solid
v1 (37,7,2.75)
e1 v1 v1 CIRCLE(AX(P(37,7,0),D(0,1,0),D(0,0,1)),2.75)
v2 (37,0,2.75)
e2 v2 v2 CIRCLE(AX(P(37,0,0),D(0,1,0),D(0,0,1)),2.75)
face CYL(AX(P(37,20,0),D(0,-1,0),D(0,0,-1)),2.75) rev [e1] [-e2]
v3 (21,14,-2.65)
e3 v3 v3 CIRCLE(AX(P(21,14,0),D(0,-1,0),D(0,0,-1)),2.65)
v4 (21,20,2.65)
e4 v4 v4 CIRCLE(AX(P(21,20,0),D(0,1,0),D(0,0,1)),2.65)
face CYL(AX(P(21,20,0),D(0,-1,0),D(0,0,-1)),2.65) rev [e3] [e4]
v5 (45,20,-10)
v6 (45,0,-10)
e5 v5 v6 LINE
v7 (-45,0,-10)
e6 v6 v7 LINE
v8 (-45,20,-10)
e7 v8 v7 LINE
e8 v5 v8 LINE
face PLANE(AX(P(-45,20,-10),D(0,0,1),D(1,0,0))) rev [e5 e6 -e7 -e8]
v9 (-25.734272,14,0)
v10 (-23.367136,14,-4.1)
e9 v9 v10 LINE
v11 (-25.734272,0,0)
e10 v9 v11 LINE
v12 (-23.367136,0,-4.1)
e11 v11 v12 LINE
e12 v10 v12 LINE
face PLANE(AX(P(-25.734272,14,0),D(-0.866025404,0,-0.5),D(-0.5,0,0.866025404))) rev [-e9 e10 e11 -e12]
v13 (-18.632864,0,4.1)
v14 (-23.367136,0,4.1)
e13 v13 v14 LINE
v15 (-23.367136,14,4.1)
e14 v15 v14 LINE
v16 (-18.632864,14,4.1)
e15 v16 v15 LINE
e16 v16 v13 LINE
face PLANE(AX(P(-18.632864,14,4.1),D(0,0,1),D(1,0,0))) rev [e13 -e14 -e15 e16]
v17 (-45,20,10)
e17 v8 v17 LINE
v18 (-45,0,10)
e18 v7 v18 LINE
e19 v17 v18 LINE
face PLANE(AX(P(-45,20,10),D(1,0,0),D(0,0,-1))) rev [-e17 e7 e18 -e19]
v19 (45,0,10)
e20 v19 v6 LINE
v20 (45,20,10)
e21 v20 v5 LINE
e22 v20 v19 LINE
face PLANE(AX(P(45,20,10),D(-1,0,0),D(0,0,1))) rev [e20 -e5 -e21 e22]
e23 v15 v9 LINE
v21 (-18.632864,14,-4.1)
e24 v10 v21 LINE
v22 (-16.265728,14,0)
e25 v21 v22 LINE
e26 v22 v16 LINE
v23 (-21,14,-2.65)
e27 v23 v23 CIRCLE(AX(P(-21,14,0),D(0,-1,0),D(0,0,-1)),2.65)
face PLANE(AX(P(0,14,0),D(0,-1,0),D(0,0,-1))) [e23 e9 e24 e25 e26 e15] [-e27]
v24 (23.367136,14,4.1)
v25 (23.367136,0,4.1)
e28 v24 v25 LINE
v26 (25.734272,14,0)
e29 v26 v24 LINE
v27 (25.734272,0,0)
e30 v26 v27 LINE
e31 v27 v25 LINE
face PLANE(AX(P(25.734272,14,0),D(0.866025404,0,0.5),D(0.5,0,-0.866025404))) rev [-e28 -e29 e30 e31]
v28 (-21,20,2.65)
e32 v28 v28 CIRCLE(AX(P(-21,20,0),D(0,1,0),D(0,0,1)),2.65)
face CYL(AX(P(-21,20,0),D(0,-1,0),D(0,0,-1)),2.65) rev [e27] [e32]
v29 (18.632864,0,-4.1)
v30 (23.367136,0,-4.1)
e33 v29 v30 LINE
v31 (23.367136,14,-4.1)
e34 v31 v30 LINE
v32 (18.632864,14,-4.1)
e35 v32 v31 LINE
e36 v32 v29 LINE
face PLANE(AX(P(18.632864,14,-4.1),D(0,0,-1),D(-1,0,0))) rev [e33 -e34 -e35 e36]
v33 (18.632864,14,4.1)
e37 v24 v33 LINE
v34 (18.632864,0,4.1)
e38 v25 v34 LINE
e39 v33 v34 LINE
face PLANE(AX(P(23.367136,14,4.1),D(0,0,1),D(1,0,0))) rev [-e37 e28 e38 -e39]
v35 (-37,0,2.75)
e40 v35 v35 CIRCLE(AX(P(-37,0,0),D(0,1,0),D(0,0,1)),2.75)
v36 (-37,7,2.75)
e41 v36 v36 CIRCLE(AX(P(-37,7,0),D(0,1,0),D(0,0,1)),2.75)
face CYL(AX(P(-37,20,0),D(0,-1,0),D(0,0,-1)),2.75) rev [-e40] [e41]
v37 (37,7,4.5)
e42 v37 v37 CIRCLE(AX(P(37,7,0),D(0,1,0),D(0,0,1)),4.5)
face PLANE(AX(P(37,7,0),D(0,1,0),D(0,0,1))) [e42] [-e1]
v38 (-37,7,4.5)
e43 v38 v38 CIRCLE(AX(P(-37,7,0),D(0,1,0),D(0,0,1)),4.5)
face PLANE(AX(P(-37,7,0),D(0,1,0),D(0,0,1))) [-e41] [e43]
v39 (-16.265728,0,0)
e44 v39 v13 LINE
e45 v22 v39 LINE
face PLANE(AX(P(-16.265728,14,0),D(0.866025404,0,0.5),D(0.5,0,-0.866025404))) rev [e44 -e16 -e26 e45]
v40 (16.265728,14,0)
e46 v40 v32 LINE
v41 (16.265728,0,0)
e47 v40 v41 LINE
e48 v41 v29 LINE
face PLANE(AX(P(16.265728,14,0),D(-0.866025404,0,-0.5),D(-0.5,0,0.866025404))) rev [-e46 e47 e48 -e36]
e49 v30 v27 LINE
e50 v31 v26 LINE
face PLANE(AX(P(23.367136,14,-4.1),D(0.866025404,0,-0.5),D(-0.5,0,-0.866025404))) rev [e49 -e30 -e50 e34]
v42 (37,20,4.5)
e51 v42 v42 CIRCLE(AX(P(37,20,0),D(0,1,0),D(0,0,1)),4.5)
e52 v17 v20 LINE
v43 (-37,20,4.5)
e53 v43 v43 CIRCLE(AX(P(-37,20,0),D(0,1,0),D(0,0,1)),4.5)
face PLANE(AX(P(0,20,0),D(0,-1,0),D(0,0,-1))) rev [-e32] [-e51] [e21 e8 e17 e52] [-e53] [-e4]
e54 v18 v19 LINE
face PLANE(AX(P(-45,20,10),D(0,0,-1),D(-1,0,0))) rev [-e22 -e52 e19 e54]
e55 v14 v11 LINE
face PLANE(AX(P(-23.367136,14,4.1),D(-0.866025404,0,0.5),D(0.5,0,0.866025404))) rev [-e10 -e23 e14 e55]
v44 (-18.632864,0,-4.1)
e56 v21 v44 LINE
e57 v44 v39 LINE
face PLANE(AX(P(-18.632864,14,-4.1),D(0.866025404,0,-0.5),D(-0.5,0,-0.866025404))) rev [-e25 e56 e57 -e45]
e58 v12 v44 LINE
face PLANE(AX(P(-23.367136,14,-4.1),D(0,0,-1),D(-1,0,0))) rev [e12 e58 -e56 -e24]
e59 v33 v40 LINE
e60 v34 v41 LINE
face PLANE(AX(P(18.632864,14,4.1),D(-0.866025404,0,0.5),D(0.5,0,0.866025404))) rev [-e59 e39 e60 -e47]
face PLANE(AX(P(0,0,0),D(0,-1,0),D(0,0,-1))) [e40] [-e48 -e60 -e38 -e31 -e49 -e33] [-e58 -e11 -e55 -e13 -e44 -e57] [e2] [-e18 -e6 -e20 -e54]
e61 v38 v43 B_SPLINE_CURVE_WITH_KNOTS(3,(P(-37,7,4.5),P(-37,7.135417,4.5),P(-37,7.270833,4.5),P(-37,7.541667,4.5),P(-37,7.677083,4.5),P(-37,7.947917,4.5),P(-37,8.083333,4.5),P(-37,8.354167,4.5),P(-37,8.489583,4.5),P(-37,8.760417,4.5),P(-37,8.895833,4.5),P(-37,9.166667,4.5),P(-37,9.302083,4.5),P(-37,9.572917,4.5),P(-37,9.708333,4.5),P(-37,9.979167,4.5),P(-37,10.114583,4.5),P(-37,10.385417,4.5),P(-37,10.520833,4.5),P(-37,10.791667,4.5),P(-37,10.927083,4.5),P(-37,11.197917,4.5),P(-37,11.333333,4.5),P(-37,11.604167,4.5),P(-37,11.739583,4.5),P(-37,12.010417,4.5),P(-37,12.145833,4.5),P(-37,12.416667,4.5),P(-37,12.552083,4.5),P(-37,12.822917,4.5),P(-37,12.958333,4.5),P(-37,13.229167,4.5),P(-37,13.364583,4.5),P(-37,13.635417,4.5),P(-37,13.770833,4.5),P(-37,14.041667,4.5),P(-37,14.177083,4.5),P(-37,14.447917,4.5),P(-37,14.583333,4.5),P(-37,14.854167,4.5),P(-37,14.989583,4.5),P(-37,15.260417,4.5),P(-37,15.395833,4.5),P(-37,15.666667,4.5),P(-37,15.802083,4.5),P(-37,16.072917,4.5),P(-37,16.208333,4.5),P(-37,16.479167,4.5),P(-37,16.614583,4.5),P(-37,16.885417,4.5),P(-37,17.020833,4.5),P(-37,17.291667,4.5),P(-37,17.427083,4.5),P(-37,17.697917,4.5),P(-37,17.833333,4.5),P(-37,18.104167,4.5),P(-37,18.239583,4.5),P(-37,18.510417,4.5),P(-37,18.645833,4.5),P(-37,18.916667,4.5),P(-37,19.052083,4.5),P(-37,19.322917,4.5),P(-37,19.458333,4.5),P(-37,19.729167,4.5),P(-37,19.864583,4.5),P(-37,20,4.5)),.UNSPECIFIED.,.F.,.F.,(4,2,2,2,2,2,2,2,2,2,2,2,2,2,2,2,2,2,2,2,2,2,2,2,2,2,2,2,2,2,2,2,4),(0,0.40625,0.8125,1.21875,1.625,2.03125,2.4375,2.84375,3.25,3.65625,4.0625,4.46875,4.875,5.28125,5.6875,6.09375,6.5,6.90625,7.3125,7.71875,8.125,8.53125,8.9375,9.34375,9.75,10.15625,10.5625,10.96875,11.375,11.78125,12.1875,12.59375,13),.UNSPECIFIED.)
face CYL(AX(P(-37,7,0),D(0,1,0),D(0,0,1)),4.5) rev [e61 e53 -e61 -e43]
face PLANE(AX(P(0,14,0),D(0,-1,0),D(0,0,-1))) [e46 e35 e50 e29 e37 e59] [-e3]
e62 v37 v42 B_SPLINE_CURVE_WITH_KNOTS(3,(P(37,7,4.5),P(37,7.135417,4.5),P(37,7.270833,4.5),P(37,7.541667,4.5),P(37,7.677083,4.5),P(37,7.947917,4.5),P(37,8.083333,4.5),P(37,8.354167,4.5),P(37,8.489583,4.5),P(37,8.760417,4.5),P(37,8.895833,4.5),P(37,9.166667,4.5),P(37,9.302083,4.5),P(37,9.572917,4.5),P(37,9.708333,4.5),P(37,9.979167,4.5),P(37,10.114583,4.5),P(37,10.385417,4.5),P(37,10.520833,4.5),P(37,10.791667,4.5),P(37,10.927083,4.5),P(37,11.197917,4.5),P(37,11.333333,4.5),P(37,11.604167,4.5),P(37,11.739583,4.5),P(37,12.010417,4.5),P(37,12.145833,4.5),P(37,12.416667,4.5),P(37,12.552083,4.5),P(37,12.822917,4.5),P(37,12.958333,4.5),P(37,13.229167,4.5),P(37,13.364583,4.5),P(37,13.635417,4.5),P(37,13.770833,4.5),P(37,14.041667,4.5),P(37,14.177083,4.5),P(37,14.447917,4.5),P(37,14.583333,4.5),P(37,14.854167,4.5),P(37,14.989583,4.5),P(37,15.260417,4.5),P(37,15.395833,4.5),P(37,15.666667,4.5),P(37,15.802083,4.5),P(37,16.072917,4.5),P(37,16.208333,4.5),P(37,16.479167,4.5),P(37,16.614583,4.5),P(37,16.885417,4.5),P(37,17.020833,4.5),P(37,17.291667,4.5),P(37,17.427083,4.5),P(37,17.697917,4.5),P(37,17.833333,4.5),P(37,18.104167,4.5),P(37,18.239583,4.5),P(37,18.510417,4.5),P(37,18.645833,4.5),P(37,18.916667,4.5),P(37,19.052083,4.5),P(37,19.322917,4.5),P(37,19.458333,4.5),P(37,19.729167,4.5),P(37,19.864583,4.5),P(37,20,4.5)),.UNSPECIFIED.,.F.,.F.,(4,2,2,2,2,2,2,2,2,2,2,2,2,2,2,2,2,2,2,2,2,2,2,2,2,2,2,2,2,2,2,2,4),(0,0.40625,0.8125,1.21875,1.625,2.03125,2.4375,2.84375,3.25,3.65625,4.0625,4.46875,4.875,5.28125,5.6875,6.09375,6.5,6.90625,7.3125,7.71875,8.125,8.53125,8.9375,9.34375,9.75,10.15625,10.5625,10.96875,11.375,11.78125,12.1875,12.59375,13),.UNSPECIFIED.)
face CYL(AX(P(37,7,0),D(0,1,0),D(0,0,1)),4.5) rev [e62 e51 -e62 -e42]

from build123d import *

# Parameters (mm, degrees)
SKETCH1_W           = 90
SKETCH1_H           = 20
SKETCH1_R           = 2.65
SKETCH1_R_2         = 2.75
BOSS_EXTRUDE1_DEPTH = 20
CUT_EXTRUDE1_DEPTH  = 14
SKETCH3_R           = 4.5
CUT_EXTRUDE2_DEPTH  = 13


with BuildPart() as part:
    # Sketch1 → Boss-Extrude1 (new body)
    with BuildSketch(Plane(origin=(0, 0, 0), x_dir=(1, 0, 0), z_dir=(0, 1, 0))):
        Rectangle(SKETCH1_W, SKETCH1_H)
        with Locations(Location((-21, 0, 0), (0, 0, 270))):
            Circle(SKETCH1_R, mode=Mode.SUBTRACT)
        with Locations(Location((21, 0, 0), (0, 0, 270))):
            Circle(SKETCH1_R, mode=Mode.SUBTRACT)
        with Locations(Location((-37, 0, 0), (0, 0, 270))):
            Circle(SKETCH1_R_2, mode=Mode.SUBTRACT)
        with Locations(Location((37, 0, 0), (0, 0, 270))):
            Circle(SKETCH1_R_2, mode=Mode.SUBTRACT)
    extrude(amount=BOSS_EXTRUDE1_DEPTH)

    # Sketch2 → Cut-Extrude1 (cut)
    with BuildSketch(Plane.XZ):
        Polygon((-16.265727793, 0), (-18.632863896, 4.1), (-23.367136104, 4.1), (-25.734272207, 0), (-23.367136104, -4.1), (-18.632863896, -4.1), align=None)
        Polygon((25.734272207, 0), (23.367136104, 4.1), (18.632863896, 4.1), (16.265727793, 0), (18.632863896, -4.1), (23.367136104, -4.1), align=None)
    extrude(amount=-CUT_EXTRUDE1_DEPTH, mode=Mode.SUBTRACT)

    # Sketch3 → Cut-Extrude2 (cut)
    with BuildSketch(Plane(origin=(0, 20, 0), x_dir=(1, 0, 0), z_dir=(0, 1, 0))):
        with Locations(Location((-37, 0, 0), (0, 0, 270))):
            Circle(SKETCH3_R)
        with Locations(Location((37, 0, 0), (0, 0, 270))):
            Circle(SKETCH3_R)
    extrude(amount=-CUT_EXTRUDE2_DEPTH, mode=Mode.SUBTRACT)


solid = part.part
